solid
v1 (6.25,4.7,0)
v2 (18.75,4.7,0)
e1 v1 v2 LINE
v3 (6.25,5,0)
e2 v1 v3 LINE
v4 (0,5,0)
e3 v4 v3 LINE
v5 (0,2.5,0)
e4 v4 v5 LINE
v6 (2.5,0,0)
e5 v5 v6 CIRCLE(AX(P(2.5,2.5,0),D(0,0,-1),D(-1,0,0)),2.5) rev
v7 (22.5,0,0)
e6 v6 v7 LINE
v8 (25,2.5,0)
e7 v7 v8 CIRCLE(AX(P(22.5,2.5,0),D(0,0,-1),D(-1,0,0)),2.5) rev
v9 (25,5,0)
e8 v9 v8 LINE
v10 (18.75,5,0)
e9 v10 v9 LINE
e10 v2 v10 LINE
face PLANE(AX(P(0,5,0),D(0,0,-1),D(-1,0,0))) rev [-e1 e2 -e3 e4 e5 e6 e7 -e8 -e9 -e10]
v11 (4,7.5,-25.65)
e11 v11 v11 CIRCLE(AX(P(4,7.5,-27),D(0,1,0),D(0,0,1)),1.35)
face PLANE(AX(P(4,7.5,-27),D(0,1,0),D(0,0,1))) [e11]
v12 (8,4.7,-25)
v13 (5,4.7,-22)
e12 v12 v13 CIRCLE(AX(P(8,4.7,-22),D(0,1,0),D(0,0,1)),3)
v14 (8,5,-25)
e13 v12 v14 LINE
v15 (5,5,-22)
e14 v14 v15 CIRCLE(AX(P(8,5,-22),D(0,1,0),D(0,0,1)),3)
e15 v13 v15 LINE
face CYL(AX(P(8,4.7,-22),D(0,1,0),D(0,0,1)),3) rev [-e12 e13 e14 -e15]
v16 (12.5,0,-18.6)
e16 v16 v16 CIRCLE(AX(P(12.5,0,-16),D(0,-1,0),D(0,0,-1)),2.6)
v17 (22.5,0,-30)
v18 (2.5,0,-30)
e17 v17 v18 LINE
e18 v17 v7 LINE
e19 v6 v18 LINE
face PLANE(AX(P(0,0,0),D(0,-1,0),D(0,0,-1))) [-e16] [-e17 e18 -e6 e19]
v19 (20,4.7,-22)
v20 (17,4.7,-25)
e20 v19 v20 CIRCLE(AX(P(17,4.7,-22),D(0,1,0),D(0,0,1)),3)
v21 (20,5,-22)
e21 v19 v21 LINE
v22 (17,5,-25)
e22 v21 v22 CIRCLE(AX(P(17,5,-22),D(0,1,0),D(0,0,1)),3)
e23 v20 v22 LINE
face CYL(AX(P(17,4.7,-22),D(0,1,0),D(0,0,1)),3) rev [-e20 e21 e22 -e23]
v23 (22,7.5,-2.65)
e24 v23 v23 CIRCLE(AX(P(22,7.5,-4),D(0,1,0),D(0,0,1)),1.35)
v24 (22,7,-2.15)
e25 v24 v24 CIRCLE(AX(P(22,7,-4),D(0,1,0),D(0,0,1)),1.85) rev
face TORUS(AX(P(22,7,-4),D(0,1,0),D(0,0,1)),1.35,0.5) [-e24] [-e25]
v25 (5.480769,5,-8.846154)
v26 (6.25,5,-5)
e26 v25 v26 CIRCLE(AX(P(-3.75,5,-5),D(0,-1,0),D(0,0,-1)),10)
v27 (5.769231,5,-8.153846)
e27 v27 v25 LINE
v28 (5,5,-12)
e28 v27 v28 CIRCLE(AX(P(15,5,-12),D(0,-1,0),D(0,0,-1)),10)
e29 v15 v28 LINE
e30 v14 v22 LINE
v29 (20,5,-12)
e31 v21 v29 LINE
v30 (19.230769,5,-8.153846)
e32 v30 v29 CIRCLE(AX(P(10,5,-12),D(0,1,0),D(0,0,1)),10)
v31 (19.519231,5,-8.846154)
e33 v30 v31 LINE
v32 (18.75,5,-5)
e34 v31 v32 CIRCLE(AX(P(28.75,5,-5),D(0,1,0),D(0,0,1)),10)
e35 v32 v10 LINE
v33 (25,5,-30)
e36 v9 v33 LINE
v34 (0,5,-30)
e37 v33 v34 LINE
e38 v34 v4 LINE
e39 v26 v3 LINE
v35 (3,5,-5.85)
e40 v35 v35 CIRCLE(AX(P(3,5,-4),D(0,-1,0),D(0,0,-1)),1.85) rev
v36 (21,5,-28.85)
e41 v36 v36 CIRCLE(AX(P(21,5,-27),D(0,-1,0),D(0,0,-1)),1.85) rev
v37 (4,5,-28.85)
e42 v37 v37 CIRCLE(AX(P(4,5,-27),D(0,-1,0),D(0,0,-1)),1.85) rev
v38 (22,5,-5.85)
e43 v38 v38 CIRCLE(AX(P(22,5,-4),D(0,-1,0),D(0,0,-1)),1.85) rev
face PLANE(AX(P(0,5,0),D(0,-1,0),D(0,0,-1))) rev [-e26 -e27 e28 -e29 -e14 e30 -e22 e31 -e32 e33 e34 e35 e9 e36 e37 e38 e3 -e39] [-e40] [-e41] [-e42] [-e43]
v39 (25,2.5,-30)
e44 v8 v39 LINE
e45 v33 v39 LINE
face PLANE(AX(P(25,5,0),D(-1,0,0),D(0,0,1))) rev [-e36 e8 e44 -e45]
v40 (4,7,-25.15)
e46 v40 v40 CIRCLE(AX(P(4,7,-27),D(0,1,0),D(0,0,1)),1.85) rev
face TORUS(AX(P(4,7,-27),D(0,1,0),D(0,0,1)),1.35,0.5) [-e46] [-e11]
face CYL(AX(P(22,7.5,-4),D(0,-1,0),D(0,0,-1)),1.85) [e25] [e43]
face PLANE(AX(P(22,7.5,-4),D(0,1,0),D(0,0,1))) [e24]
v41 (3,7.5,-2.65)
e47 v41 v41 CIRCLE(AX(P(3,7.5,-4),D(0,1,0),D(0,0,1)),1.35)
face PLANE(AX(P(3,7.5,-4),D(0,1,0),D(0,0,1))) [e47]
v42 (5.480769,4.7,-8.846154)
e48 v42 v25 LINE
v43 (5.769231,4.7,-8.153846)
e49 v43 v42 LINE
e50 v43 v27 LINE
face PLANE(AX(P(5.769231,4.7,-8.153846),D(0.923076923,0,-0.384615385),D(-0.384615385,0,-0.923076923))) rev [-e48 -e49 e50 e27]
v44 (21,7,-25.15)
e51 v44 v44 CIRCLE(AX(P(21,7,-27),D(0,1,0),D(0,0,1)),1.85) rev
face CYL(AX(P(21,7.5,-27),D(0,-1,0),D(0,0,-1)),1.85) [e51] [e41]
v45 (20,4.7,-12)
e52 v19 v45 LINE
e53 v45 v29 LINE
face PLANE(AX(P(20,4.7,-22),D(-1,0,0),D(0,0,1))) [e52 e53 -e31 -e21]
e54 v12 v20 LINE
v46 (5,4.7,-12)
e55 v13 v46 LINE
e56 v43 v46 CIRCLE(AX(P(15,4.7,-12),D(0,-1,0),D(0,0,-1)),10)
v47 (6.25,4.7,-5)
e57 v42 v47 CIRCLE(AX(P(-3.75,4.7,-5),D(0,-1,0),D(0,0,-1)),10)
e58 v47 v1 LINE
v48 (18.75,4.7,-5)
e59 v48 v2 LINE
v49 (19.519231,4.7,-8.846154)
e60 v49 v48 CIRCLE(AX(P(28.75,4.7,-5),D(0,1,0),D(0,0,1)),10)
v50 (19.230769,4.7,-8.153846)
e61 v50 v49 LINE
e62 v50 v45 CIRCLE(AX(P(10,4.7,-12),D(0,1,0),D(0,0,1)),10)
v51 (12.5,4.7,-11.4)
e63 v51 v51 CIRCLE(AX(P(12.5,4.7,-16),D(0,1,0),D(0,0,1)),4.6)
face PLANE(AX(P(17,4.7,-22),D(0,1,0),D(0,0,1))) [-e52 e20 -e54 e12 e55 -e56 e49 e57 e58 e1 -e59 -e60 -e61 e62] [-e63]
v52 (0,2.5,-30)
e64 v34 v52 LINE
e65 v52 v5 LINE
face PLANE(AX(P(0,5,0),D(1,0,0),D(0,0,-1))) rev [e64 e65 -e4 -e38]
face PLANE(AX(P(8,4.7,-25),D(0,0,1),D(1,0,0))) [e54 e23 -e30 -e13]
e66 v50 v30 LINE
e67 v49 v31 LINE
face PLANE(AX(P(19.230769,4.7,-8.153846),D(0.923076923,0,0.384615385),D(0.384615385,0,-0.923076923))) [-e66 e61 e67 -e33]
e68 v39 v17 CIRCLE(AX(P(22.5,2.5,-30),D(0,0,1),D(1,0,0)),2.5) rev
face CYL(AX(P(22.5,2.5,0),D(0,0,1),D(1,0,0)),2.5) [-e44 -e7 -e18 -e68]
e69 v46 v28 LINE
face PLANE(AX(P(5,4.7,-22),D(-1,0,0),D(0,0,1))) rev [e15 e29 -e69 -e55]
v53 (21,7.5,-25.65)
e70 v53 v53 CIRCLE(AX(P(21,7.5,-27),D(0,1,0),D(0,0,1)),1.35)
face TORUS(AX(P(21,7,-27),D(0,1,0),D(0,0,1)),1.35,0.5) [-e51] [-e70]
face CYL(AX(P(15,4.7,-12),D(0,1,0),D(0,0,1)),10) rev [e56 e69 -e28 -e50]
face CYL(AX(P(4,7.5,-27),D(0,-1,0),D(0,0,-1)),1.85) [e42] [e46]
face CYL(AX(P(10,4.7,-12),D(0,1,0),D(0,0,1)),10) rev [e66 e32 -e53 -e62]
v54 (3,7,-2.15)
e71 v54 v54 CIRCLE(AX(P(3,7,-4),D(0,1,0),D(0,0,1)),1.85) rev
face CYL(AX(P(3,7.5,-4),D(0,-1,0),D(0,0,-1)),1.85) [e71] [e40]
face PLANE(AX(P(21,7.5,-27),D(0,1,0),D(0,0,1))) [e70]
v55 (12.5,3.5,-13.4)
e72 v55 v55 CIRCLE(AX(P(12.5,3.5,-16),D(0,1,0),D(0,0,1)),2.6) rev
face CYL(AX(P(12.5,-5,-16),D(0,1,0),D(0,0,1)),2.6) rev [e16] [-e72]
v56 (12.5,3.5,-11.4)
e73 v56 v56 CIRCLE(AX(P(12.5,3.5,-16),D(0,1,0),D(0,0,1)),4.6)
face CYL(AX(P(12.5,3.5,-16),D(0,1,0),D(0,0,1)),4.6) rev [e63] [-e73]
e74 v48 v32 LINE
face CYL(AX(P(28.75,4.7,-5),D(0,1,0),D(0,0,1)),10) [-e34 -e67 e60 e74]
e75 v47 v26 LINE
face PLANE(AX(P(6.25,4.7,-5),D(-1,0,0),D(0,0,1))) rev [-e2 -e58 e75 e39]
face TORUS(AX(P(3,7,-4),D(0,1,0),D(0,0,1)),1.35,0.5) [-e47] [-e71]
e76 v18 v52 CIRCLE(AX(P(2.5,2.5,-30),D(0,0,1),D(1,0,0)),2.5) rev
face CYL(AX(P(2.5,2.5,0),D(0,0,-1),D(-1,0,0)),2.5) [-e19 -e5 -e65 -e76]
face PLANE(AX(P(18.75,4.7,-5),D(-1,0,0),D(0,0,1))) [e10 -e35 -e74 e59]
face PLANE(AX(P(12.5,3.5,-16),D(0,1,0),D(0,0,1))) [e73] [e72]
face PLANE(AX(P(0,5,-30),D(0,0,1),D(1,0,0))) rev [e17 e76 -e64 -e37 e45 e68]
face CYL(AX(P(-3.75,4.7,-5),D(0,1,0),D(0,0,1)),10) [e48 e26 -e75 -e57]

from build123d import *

# Parameters (mm, degrees)
SKETCH1_W           = 25
SKETCH1_H           = 30
BOSS_EXTRUDE1_DEPTH = 5
CUT_EXTRUDE1_DEPTH  = 0.3
SKETCH3_R           = 1.85
BOSS_EXTRUDE2_DEPTH = 2.5
FILLET3_R           = 2.5
SKETCH2_3_R         = 2.6
CUT_EXTRUDE7_DEPTH  = 10
SKETCH2_4_R         = 4.6
CUT_EXTRUDE8_DEPTH  = 1.5
FILLET4_R           = 0.5


with BuildPart() as part:
    # Sketch1 → Boss-Extrude1 (new body)
    with BuildSketch(Plane(origin=(0, 0, 0), x_dir=(1, 0, 0), z_dir=(0, 1, 0))):
        with Locations((12.5, 15)):
            Rectangle(SKETCH1_W, SKETCH1_H)
    extrude(amount=BOSS_EXTRUDE1_DEPTH)

    # Sketch2 → Cut-Extrude1 (cut)
    with BuildSketch(Plane(origin=(0, 5, 0), x_dir=(1, 0, 0), z_dir=(0, 1, 0))):
        with BuildLine():
            Line((8, 25), (17, 25))
            ThreePointArc((17, 25), (19.121320344, 24.121320344), (20, 22))
            Line((20, 22), (20, 12))
            ThreePointArc((20, 12), (19.805806757, 10.038838649), (19.230769231, 8.153846154))
            Line((19.230769231, 8.153846154), (19.519230769, 8.846153846))
            ThreePointArc((19.519230769, 8.846153846), (18.944193243, 6.961161351), (18.75, 5))
            Line((18.75, 5), (18.75, 0))
            Line((18.75, 0), (6.25, 0))
            Line((6.25, 0), (6.25, 5))
            ThreePointArc((6.25, 5), (6.055806757, 6.961161351), (5.480769231, 8.846153846))
            Line((5.480769231, 8.846153846), (5.769230769, 8.153846154))
            ThreePointArc((5.769230769, 8.153846154), (5.194193243, 10.038838649), (5, 12))
            Line((5, 12), (5, 22))
            ThreePointArc((5, 22), (5.878679656, 24.121320344), (8, 25))
        make_face()
    extrude(amount=-CUT_EXTRUDE1_DEPTH, mode=Mode.SUBTRACT)

    # Sketch3 → Boss-Extrude2 (add)
    with BuildSketch(Plane(origin=(0, 5, 0), x_dir=(1, 0, 0), z_dir=(0, 1, 0))):
        with Locations((21, 27)):
            Circle(SKETCH3_R)
        with Locations((4, 27)):
            Circle(SKETCH3_R)
        with Locations((3, 4)):
            Circle(SKETCH3_R)
        with Locations((22, 4)):
            Circle(SKETCH3_R)
    extrude(amount=BOSS_EXTRUDE2_DEPTH)

    # Fillet3
    fillet3_edges = [part.edges().sort_by_distance(p)[0] for p in [
        (25, 0, -15),
        (0, 0, -15),
    ]]
    fillet(fillet3_edges, radius=FILLET3_R)

    # Sketch2_3 → Cut-Extrude7 (cut)
    with BuildSketch(Plane(origin=(0, 5, 0), x_dir=(1, 0, 0), z_dir=(0, 1, 0))):
        with Locations((12.5, 16)):
            Circle(SKETCH2_3_R)
    extrude(amount=-CUT_EXTRUDE7_DEPTH, mode=Mode.SUBTRACT)

    # Sketch2_4 → Cut-Extrude8 (cut)
    with BuildSketch(Plane(origin=(0, 5, 0), x_dir=(1, 0, 0), z_dir=(0, 1, 0))):
        with Locations((12.5, 16)):
            Circle(SKETCH2_4_R)
    extrude(amount=-CUT_EXTRUDE8_DEPTH, mode=Mode.SUBTRACT)

    # Fillet4
    fillet4_edges = [part.edges().sort_by_distance(p)[0] for p in [
        (2.15, 7.5, -27),
        (19.15, 7.5, -27),
        (20.15, 7.5, -4),
        (1.15, 7.5, -4),
    ]]
    fillet(fillet4_edges, radius=FILLET4_R)


solid = part.part
